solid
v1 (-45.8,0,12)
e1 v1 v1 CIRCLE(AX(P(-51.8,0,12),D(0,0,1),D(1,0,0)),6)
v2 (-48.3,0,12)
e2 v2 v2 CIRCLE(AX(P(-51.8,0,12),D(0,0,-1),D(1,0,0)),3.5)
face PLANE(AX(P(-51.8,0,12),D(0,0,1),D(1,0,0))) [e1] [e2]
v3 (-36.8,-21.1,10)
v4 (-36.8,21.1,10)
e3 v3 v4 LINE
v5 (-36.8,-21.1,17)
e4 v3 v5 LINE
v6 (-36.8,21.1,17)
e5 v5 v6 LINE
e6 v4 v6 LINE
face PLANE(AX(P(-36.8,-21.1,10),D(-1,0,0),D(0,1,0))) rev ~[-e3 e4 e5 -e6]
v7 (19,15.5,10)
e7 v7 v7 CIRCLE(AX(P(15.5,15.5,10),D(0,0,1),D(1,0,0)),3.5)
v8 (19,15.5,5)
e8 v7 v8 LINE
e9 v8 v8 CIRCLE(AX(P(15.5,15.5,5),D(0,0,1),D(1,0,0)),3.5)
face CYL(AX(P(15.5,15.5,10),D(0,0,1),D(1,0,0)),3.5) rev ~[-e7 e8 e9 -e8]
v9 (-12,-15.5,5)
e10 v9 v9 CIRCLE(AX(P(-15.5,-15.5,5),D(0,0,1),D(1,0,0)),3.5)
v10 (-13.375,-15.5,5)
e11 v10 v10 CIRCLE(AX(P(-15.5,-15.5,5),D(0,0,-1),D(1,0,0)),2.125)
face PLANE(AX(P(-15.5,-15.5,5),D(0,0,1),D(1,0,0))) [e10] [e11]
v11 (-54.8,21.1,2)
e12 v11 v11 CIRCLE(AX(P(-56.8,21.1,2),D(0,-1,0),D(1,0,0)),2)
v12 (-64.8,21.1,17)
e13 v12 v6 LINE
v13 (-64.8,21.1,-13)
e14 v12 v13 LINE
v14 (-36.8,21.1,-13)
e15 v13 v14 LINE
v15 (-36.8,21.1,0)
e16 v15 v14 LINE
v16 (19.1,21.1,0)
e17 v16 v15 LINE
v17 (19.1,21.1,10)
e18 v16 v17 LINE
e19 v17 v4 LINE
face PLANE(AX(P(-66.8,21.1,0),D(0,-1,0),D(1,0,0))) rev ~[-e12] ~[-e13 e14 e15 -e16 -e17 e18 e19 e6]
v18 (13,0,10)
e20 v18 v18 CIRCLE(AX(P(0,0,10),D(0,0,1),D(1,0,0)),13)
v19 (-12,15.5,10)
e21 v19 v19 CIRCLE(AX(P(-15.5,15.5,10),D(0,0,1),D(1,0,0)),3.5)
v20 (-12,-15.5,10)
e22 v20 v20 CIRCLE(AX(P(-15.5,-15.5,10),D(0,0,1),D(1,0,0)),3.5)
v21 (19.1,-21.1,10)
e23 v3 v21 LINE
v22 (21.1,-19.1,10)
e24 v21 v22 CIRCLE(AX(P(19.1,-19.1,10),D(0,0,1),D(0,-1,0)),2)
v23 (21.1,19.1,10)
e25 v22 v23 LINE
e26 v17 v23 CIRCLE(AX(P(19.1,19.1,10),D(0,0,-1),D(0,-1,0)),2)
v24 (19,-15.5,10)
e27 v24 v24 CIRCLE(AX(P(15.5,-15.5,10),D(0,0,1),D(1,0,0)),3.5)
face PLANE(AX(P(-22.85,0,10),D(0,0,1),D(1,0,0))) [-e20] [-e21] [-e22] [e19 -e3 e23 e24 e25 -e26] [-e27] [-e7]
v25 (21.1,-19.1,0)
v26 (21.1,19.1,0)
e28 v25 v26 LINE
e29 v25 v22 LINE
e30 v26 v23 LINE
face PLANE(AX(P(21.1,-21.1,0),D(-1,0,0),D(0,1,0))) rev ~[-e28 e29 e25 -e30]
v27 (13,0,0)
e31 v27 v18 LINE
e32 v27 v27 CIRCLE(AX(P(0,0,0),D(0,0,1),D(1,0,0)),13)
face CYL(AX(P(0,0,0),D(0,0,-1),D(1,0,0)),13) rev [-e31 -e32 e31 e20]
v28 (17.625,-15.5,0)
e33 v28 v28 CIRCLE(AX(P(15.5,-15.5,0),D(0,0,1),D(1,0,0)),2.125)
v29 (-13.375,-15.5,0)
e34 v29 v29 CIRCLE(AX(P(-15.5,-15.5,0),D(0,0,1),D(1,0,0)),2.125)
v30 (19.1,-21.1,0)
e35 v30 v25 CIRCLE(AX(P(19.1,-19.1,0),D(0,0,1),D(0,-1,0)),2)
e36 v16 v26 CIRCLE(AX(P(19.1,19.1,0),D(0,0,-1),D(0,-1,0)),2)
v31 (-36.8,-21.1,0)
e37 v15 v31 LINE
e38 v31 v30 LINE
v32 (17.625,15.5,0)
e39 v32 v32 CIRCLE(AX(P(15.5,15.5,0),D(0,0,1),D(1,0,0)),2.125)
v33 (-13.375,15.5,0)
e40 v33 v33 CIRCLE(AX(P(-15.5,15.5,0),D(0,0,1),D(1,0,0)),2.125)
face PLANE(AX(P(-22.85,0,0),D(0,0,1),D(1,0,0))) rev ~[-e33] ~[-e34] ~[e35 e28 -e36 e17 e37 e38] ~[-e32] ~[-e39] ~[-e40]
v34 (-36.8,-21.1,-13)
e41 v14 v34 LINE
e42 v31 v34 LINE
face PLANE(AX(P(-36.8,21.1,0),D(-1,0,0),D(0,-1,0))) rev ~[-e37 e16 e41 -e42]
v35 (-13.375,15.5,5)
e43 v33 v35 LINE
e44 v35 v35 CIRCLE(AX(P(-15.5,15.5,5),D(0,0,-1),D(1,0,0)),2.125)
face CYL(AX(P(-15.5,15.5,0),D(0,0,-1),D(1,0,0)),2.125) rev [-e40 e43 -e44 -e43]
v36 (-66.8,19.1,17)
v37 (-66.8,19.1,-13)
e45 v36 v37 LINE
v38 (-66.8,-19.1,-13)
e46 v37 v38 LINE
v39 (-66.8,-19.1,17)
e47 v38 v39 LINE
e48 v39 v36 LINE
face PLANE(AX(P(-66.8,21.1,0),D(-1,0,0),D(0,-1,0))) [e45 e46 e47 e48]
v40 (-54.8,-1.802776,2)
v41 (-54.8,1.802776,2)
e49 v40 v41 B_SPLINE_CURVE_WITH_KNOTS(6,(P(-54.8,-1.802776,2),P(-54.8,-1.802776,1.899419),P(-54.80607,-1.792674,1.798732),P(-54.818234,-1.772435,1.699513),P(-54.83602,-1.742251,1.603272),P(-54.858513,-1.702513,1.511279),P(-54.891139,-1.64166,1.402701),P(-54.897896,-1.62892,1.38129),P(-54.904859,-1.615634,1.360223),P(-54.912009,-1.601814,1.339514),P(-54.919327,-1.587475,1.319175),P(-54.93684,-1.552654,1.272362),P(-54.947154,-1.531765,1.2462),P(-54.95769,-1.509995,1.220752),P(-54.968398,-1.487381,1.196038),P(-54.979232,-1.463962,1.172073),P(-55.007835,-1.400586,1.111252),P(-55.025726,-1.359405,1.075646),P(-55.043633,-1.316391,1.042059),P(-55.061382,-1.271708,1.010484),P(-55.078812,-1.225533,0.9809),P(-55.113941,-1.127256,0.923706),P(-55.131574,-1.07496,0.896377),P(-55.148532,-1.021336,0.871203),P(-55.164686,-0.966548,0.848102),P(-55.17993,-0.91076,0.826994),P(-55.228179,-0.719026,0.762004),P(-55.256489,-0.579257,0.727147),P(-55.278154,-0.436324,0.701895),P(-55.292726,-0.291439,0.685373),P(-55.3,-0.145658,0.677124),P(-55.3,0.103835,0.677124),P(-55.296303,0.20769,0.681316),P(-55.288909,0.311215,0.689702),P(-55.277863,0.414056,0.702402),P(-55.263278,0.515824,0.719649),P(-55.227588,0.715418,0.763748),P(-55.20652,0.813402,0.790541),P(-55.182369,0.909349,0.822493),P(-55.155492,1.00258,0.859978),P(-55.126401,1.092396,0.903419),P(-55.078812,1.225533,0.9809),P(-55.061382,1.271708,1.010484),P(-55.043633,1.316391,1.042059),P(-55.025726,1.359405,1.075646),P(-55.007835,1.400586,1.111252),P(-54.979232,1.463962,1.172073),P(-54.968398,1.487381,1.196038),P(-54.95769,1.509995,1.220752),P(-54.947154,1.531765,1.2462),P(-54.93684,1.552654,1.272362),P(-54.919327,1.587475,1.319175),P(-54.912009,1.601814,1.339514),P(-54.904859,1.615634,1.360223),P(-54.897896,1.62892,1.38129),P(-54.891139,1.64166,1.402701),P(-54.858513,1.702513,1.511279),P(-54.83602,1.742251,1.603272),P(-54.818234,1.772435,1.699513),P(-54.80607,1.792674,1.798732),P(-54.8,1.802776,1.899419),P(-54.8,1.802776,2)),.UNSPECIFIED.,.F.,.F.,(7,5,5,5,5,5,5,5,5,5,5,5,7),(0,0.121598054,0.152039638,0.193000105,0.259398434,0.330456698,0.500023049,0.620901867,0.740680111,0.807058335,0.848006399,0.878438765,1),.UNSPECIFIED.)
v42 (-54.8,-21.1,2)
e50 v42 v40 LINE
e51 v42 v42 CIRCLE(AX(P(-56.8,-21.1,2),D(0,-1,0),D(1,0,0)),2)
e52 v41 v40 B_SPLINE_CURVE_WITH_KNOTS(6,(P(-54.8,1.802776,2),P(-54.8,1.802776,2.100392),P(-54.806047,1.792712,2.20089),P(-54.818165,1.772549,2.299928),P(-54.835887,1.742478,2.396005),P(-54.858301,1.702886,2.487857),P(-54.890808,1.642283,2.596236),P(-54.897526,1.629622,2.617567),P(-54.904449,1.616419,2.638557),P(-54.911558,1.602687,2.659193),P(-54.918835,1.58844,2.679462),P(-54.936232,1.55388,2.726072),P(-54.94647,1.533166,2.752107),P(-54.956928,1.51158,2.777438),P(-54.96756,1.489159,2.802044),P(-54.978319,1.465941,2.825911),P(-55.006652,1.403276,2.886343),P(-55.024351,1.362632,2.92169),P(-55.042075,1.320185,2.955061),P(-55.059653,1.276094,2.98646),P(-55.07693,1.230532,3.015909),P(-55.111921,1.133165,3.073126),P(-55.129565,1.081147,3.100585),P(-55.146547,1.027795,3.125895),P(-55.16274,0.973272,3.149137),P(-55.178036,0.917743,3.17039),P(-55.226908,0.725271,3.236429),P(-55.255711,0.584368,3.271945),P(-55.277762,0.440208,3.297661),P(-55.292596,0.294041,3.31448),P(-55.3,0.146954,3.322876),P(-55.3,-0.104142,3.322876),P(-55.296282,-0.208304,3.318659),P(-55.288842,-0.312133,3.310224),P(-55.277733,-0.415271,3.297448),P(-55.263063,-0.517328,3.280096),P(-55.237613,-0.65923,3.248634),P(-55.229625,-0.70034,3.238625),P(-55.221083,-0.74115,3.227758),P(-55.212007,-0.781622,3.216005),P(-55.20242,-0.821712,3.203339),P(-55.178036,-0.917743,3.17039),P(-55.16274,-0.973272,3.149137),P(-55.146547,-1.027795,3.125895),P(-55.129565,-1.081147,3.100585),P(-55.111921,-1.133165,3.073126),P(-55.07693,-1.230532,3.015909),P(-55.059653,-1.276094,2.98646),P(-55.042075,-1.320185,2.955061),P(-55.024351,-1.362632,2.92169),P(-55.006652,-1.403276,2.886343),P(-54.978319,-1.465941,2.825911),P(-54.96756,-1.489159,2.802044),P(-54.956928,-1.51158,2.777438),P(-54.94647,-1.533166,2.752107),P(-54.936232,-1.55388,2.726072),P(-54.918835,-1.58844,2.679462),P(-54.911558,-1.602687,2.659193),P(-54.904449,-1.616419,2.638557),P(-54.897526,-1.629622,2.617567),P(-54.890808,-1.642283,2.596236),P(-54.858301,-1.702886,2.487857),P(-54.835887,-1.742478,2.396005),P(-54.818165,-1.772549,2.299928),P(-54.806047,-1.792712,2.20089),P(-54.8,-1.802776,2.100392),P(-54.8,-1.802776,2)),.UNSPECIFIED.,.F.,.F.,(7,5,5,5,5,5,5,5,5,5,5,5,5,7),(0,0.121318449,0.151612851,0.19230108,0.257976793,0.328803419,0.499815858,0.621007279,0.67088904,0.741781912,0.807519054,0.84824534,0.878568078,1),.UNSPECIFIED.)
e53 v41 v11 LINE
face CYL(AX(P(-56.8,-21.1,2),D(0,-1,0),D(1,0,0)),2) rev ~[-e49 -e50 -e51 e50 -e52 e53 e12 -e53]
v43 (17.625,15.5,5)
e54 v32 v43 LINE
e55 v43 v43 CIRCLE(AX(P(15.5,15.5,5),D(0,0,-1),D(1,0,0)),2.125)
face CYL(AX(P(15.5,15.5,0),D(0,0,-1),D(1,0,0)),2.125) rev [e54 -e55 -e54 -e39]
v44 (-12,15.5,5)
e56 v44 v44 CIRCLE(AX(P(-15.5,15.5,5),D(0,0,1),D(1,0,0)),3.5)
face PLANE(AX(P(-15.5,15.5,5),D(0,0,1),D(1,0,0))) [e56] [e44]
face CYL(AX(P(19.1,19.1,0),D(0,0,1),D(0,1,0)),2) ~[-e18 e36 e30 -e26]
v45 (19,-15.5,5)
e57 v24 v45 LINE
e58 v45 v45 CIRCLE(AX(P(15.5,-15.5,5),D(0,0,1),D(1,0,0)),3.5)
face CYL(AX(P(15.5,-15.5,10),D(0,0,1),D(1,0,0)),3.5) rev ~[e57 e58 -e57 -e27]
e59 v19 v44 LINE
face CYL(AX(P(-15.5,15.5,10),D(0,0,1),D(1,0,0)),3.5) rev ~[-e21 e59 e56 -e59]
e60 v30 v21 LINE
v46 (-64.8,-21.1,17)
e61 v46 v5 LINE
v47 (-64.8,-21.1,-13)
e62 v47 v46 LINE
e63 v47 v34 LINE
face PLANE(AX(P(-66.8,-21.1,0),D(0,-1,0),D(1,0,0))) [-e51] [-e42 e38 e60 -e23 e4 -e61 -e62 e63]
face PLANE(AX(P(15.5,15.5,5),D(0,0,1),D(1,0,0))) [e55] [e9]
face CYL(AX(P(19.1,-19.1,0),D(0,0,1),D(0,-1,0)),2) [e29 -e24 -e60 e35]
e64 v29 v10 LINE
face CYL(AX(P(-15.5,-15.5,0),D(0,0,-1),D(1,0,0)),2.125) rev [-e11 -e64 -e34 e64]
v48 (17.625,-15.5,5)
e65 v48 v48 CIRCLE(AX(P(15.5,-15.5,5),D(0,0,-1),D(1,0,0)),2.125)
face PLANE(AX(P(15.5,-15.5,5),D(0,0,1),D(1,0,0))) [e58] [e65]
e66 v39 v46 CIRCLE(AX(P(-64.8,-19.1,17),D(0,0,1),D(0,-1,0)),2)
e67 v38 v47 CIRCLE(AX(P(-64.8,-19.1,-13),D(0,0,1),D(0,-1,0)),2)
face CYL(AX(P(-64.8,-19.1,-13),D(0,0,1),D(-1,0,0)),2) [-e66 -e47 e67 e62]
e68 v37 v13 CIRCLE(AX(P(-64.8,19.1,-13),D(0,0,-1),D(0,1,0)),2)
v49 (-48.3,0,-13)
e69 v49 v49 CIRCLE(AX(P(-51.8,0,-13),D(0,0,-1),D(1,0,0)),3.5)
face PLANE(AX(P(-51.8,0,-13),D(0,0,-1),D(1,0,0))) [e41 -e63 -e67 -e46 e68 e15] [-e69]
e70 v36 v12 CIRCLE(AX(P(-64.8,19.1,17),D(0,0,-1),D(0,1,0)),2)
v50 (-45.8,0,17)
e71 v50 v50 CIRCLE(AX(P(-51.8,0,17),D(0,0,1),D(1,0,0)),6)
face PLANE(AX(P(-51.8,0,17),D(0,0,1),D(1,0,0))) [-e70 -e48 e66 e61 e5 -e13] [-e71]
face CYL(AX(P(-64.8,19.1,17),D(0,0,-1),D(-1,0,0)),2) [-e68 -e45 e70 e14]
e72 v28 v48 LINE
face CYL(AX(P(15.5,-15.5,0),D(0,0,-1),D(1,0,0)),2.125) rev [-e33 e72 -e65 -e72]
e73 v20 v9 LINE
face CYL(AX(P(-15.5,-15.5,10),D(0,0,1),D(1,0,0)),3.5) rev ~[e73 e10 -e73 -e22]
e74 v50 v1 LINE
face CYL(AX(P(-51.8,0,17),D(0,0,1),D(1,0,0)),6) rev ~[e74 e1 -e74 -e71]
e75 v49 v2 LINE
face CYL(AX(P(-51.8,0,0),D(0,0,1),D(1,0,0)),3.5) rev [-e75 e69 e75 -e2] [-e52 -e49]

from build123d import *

# Parameters (mm, degrees)
F0_R      = 2.125
F0_R_2    = 3.5
F0_R_3    = 13
F1_DEPTH  = 10
F2_W      = 30
F2_H      = 42.2
F2_R      = 3.5
F3_DEPTH  = 7
F4_R      = 3.5
F5_DEPTH  = 5
F6_R      = 6
F7_DEPTH  = 5
F8_W      = 30
F8_H      = 42.2
F8_R      = 3.5
F9_DEPTH  = 13
F10_R     = 2
F11_DEPTH = 42.201
F12_R     = 2


with BuildPart() as f1:
    # F0 (on Top) → F1 (new body)
    with BuildSketch(Plane.XY):
        Polygon((21.1, 21.1), (0, 21.1), (-21.1, 21.1), (-66.8, 21.1), (-66.8, 0), (-66.8, -21.1), (-21.1, -21.1), (0, -21.1), (21.1, -21.1), (21.1, 0), align=None)
        with Locations((-15.5, -15.5)):
            Circle(F0_R, mode=Mode.SUBTRACT)
        with Locations((15.5, -15.5)):
            Circle(F0_R, mode=Mode.SUBTRACT)
        with Locations((-51.8, 0)):
            Circle(F0_R_2, mode=Mode.SUBTRACT)
        Circle(F0_R_3, mode=Mode.SUBTRACT)
        with Locations((-15.5, 15.5)):
            Circle(F0_R, mode=Mode.SUBTRACT)
        with Locations((15.5, 15.5)):
            Circle(F0_R, mode=Mode.SUBTRACT)
    extrude(amount=F1_DEPTH)

    # F2 (on face) → F3 (join)
    with BuildSketch(Plane.XY.offset(10)):
        with Locations((-51.8, 0)):
            Rectangle(F2_W, F2_H)
        with Locations((-51.8, 0)):
            Circle(F2_R, mode=Mode.SUBTRACT)
    extrude(amount=F3_DEPTH)

    # F4 (on face) → F5 (cut)
    with BuildSketch(Plane.XY.offset(10)):
        with Locations((-15.5, 15.5)):
            Circle(F4_R)
        with Locations((15.5, 15.5)):
            Circle(F4_R)
        with Locations((15.5, -15.5)):
            Circle(F4_R)
        with Locations((-15.5, -15.5)):
            Circle(F4_R)
    extrude(amount=-F5_DEPTH, mode=Mode.SUBTRACT)

    # F6 (on face) → F7 (cut)
    with BuildSketch(Plane.XY.offset(17)):
        with Locations((-51.8, 0)):
            Circle(F6_R)
    extrude(amount=-F7_DEPTH, mode=Mode.SUBTRACT)

    # F8 (on face) → F9 (join)
    with BuildSketch(Plane(origin=(0, 0, 0), x_dir=(1, 0, 0), z_dir=(0, 0, -1))):
        with Locations((-51.8, 0)):
            Rectangle(F8_W, F8_H)
        with Locations((-51.8, 0)):
            Circle(F8_R, mode=Mode.SUBTRACT)
    extrude(amount=F9_DEPTH)

    # F10 (on face) → F11 (cut, through all)
    with BuildSketch(Plane.XZ.offset(21.1)):
        with Locations((-56.8, 2)):
            Circle(F10_R)
    extrude(amount=-F11_DEPTH, mode=Mode.SUBTRACT)

    # F12
    f12_edges = [f1.edges().sort_by_distance(p)[0] for p in [
        (21.1, 21.1, 5),
        (21.1, -21.1, 5),
        (-66.8, -21.1, 2),
        (-66.8, 21.1, 2),
    ]]
    fillet(f12_edges, radius=F12_R)


solid = f1.part
